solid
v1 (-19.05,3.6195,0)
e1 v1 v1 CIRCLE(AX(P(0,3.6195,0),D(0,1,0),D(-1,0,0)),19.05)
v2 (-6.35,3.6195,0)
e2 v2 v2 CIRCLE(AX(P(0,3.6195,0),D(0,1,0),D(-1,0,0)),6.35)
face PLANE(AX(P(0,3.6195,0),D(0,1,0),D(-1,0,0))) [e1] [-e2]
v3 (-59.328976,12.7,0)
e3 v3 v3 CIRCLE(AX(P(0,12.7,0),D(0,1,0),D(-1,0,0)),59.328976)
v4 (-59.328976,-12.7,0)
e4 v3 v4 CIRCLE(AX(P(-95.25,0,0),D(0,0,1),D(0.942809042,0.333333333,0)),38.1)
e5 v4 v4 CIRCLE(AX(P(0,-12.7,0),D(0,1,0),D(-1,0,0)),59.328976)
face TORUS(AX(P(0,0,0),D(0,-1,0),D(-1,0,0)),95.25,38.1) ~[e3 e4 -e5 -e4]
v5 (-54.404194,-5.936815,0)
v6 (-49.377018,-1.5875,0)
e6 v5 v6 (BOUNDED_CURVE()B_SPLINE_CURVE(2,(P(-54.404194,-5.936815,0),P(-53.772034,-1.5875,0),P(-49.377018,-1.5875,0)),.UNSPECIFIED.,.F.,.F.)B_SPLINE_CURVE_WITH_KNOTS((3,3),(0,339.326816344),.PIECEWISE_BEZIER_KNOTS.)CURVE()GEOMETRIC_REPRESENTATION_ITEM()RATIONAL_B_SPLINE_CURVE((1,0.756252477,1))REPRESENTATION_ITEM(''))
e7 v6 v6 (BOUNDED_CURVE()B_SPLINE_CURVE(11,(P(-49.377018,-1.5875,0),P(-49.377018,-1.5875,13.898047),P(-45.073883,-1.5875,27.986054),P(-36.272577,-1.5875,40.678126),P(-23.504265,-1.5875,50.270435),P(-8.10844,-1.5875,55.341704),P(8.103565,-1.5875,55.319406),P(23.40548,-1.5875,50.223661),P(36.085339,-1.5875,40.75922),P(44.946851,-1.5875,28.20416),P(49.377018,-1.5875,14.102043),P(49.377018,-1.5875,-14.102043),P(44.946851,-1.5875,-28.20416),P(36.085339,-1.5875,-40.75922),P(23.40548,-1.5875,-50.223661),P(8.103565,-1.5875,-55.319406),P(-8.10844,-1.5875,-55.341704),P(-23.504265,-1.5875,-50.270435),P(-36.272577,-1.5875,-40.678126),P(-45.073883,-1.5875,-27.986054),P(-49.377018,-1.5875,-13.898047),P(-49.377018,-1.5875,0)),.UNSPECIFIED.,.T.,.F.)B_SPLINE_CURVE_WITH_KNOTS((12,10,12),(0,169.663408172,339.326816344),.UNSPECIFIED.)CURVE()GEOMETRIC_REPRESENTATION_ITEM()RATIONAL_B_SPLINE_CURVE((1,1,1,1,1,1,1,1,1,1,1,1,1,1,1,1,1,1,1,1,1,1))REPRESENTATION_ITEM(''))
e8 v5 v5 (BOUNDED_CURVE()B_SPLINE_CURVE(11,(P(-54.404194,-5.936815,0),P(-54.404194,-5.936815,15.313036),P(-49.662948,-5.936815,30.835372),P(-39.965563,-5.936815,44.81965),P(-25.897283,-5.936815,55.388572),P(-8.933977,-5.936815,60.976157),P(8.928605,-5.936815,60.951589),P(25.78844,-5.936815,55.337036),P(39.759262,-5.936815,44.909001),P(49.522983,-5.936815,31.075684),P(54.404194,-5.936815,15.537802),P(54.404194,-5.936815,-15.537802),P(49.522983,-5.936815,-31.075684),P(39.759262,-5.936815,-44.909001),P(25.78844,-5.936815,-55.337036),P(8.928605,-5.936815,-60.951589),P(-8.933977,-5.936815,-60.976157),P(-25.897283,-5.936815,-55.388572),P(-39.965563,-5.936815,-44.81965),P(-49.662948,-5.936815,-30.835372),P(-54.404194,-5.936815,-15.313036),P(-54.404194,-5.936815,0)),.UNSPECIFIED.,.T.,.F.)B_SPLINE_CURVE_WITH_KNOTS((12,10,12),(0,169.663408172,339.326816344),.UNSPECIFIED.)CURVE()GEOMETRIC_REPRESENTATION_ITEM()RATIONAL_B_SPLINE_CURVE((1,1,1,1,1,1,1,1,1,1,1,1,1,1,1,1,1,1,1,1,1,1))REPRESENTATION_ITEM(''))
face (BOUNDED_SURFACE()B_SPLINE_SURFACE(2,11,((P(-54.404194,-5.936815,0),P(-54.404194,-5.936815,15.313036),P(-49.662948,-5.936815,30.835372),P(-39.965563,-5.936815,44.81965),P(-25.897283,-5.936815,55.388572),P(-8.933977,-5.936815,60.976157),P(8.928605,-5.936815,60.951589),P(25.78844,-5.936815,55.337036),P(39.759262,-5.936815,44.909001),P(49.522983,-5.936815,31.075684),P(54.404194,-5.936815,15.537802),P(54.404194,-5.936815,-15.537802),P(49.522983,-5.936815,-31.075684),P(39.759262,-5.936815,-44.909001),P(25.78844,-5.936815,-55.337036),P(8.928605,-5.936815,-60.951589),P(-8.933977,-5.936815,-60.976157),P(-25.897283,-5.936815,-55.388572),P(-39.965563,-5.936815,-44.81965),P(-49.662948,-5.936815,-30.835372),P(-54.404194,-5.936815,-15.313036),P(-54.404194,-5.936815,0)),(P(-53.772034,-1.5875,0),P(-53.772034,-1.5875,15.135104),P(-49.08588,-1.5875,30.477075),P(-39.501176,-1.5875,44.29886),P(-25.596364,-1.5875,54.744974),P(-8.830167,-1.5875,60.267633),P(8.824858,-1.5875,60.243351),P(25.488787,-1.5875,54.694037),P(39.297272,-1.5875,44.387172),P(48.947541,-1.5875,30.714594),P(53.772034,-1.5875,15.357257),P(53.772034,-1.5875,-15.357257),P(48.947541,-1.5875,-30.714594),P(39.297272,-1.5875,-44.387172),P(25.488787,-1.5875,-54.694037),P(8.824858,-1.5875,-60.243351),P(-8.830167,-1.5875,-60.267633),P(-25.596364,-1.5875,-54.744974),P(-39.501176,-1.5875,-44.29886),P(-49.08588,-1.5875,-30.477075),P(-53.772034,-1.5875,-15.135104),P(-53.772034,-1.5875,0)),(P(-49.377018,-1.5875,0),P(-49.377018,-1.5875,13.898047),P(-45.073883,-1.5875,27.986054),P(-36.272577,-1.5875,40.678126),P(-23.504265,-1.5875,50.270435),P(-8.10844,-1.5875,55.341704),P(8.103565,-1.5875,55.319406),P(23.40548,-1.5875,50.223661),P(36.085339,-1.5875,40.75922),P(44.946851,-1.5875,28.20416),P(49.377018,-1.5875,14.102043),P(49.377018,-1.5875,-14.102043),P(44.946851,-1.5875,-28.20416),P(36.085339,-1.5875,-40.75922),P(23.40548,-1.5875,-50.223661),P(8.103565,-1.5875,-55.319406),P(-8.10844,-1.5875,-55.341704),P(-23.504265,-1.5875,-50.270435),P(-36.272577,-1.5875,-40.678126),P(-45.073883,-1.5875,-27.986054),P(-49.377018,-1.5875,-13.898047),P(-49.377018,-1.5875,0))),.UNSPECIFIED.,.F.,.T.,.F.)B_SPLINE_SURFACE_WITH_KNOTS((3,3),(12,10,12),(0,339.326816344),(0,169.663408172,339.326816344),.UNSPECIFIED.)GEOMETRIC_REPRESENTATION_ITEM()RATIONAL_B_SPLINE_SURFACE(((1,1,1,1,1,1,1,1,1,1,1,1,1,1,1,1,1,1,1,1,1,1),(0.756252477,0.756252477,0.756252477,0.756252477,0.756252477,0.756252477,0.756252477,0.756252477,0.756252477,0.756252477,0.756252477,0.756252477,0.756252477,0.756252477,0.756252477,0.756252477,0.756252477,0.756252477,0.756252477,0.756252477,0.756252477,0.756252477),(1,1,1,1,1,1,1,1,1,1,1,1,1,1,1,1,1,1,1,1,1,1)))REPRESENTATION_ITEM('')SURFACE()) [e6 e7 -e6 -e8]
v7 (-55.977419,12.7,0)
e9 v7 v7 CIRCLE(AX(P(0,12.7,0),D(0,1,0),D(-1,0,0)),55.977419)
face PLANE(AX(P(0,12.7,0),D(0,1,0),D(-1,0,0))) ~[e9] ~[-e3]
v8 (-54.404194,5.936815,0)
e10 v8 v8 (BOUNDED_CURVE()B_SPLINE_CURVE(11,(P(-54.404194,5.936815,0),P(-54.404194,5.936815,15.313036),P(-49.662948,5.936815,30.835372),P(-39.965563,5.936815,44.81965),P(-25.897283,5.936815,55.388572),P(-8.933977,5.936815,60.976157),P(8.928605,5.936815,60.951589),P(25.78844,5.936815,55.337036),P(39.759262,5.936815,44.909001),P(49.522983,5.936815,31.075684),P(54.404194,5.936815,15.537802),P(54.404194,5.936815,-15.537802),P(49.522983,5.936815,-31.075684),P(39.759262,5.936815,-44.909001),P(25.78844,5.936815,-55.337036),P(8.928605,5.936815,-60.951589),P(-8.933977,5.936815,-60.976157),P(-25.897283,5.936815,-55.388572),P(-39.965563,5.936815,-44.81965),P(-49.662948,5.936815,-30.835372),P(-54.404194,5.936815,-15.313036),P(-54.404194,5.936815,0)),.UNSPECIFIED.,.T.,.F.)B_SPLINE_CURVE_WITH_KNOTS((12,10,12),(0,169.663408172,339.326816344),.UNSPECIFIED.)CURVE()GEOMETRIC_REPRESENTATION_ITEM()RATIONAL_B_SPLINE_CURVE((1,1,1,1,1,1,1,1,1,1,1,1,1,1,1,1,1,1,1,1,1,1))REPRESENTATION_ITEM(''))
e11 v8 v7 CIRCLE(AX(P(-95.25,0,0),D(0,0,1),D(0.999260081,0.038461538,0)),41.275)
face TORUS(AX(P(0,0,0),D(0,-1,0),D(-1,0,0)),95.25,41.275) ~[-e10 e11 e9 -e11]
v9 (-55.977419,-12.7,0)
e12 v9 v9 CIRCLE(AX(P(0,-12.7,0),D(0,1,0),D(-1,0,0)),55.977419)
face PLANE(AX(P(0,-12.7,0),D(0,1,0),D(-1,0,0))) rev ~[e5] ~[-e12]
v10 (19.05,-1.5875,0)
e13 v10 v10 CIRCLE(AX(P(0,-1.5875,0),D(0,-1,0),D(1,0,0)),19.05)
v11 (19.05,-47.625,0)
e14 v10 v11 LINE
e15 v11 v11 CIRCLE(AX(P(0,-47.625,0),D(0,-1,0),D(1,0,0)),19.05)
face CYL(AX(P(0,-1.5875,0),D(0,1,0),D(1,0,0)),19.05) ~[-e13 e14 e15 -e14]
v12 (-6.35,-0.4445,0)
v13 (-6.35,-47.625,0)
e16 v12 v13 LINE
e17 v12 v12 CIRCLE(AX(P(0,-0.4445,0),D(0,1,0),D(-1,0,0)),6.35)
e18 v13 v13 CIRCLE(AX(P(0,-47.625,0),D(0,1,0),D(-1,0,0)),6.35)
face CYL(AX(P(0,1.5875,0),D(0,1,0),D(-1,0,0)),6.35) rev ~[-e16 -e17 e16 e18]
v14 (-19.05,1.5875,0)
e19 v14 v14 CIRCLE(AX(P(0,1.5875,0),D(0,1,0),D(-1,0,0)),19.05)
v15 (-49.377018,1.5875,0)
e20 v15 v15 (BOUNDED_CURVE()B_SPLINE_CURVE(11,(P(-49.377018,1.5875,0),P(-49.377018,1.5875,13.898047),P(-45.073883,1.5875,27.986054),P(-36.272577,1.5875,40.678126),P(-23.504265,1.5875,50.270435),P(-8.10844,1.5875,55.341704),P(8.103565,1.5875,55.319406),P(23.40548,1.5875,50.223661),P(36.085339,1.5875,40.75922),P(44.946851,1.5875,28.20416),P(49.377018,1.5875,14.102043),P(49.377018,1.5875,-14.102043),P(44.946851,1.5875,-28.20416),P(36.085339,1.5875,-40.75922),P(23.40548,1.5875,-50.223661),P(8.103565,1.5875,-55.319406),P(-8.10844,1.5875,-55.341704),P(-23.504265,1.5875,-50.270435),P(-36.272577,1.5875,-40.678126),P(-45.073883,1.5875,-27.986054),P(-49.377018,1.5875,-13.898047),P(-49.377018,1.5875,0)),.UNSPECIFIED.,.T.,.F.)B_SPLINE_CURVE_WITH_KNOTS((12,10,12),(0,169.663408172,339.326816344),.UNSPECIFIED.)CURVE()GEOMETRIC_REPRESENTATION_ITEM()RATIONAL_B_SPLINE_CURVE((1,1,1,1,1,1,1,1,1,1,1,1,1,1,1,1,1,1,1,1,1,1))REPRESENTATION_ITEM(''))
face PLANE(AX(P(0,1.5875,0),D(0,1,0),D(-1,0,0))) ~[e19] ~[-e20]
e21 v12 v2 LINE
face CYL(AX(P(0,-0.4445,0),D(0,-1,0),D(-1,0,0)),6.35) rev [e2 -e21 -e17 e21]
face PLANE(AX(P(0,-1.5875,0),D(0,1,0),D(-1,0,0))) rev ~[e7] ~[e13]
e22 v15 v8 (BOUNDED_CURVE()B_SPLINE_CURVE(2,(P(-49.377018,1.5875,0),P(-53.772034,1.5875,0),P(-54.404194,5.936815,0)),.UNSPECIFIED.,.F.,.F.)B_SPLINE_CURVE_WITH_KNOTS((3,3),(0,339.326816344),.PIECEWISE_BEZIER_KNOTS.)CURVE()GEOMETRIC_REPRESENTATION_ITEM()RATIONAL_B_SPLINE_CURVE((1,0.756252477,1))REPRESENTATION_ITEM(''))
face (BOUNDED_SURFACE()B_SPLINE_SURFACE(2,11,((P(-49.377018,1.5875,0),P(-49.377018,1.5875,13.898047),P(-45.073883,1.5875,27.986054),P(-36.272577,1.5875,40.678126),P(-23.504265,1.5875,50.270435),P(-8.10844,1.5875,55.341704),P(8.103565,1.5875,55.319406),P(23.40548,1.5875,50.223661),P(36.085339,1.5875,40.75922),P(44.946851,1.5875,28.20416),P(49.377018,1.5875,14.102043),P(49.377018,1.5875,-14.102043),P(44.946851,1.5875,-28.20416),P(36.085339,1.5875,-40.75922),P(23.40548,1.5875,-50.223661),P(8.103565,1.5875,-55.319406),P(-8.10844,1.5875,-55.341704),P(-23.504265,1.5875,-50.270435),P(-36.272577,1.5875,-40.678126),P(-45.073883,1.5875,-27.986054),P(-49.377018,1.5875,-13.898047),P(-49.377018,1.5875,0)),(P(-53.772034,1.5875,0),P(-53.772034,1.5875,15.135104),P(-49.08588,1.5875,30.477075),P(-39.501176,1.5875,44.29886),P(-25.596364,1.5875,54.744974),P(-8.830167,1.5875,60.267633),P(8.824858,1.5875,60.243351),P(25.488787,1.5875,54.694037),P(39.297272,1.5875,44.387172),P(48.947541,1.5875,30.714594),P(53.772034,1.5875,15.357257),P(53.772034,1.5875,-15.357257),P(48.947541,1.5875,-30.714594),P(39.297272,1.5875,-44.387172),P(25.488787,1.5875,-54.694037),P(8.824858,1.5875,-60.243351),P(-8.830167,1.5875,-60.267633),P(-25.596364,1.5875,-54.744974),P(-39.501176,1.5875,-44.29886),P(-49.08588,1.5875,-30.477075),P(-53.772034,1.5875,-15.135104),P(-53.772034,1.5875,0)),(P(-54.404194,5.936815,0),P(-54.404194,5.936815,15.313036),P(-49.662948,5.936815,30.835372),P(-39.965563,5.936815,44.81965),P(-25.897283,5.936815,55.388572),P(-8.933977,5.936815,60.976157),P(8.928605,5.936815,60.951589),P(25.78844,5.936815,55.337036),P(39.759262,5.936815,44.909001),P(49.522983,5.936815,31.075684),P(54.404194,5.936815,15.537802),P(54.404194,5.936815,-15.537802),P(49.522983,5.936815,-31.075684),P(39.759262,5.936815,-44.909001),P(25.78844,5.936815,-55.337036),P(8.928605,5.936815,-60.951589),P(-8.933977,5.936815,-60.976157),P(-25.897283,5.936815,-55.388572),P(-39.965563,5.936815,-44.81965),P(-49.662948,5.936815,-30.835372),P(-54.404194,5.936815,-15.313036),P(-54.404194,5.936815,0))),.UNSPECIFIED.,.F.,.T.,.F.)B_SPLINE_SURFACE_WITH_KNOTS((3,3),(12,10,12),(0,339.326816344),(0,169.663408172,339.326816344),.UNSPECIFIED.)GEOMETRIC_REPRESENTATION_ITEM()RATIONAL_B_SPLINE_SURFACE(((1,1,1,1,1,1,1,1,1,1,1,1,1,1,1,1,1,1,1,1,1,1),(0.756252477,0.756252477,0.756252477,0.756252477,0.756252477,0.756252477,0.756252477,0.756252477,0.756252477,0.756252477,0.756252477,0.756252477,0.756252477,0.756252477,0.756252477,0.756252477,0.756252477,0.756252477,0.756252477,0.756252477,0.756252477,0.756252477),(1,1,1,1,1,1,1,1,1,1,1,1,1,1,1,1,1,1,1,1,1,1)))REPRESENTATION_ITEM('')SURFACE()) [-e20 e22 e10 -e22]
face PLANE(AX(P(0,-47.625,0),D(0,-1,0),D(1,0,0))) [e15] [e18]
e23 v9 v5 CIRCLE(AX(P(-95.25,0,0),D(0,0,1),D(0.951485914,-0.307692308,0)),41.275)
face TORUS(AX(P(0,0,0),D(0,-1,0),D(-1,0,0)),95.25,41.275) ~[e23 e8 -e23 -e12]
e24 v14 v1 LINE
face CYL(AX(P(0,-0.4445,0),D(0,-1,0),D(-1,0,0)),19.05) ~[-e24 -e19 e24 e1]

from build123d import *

# Parameters (mm, degrees)
F2_R     = 5.08
F3_R     = 19.05
F4_DEPTH = 46.0375
F5_R     = 19.05
F5_R_2   = 6.35
F6_DEPTH = 2.032
F7_DEPTH = 50.8
F8_DEPTH = 4.064


with BuildPart() as f1:
    # F0 (on Top) → F1 (revolve)
    with BuildSketch(Plane.XY):
        with BuildLine():
            Line((-55.977418916, 12.7), (-59.3289755157, 12.7))
            ThreePointArc((-59.3289755157, 12.7), (-57.8411023036, 7.2238752162), (-57.1830872837, 1.5875))
            Line((-57.1830872837, 1.5875), (-54.0055401448, 1.5875))
            ThreePointArc((-54.0055401448, 1.5875), (-54.6098673173, 7.2114659075), (-55.977418916, 12.7))
        make_face()
        with BuildLine():
            ThreePointArc((-57.1830872837, -1.5875), (-57.8411023036, -7.2238752162), (-59.3289755157, -12.7))
            Line((-59.3289755157, -12.7), (-55.977418916, -12.7))
            ThreePointArc((-55.977418916, -12.7), (-54.6098673173, -7.2114659075), (-54.0055401448, -1.5875))
            Line((-54.0055401448, -1.5875), (-57.1830872837, -1.5875))
        make_face()
        with BuildLine():
            Line((0, 1.5875), (-54.0055401448, 1.5875))
            ThreePointArc((-54.0055401448, 1.5875), (-53.9826357425, 0.7938968684), (-53.975, 0))
            Line((-53.975, 0), (0, 0))
            Line((0, 0), (0, 1.5875))
        make_face()
        with BuildLine():
            ThreePointArc((-57.15, 0), (-57.1582727191, 0.7939223857), (-57.1830872837, 1.5875))
            Line((-57.1830872837, 1.5875), (-63.1518885493, 1.5875))
            Line((-63.1518885493, 1.5875), (-63.1518885493, 0))
            Line((-63.1518885493, 0), (-57.15, 0))
        make_face()
        with BuildLine():
            Line((-54.0055401448, 1.5875), (-57.1830872837, 1.5875))
            ThreePointArc((-57.1830872837, 1.5875), (-57.1582727191, 0.7939223857), (-57.15, 0))
            Line((-57.15, 0), (-53.975, 0))
            ThreePointArc((-53.975, 0), (-53.9826357425, 0.7938968684), (-54.0055401448, 1.5875))
        make_face()
        with BuildLine():
            ThreePointArc((-57.1830872837, 1.5875), (-57.8411023036, 7.2238752162), (-59.3289755157, 12.7))
            ThreePointArc((-59.3289755157, 12.7), (-133.35, 0), (-59.3289755157, -12.7))
            ThreePointArc((-59.3289755157, -12.7), (-57.8411023036, -7.2238752162), (-57.1830872837, -1.5875))
            Line((-57.1830872837, -1.5875), (-63.1518885493, -1.5875))
            Line((-63.1518885493, -1.5875), (-63.1518885493, 0))
            Line((-63.1518885493, 0), (-63.1518885493, 1.5875))
            Line((-63.1518885493, 1.5875), (-57.1830872837, 1.5875))
        make_face()
        with BuildLine():
            Line((-63.1518885493, -1.5875), (-57.1830872837, -1.5875))
            ThreePointArc((-57.1830872837, -1.5875), (-57.1582727191, -0.7939223857), (-57.15, 0))
            Line((-57.15, 0), (-63.1518885493, 0))
            Line((-63.1518885493, 0), (-63.1518885493, -1.5875))
        make_face()
        with BuildLine():
            ThreePointArc((-53.975, 0), (-53.9826357425, -0.7938968684), (-54.0055401448, -1.5875))
            Line((-54.0055401448, -1.5875), (0, -1.5875))
            Line((0, -1.5875), (0, 0))
            Line((0, 0), (-53.975, 0))
        make_face()
        with BuildLine():
            ThreePointArc((-57.15, 0), (-57.1582727191, -0.7939223857), (-57.1830872837, -1.5875))
            Line((-57.1830872837, -1.5875), (-54.0055401448, -1.5875))
            ThreePointArc((-54.0055401448, -1.5875), (-53.9826357425, -0.7938968684), (-53.975, 0))
            Line((-53.975, 0), (-57.15, 0))
        make_face()
    revolve(axis=Axis((0, 0.79375, 0), (0, 1, 0)))

    # F2
    f2_edges = [f1.edges().sort_by_distance(p)[0] for p in [
        (54.00554, -1.5875, 0),
        (54.00554, 1.5875, 0),
    ]]
    fillet(f2_edges, radius=F2_R)

    # F3 (on face) → F4 (join)
    with BuildSketch(Plane.XZ.offset(1.5875)):
        Circle(F3_R)
    extrude(amount=F4_DEPTH)

    # F5 (on face) → F6 (cut)
    with BuildSketch(Plane(origin=(0, 1.5875, 0), x_dir=(-1, 0, 0), z_dir=(0, 1, 0))):
        Circle(F5_R)
        Circle(F5_R_2, mode=Mode.SUBTRACT)
    extrude(amount=-F6_DEPTH, mode=Mode.SUBTRACT)

    # F7 (cut): a face of the model
    f7_faces = [f1.faces().sort_by_distance(p)[0] for p in [
        (0, 1.5875, 0),
    ]]
    extrude(f7_faces, amount=-F7_DEPTH, mode=Mode.SUBTRACT)

    # F8 (add): a face of the model
    f8_faces = [f1.faces().sort_by_distance(p)[0] for p in [
        (18.5111846327, -0.4445, 0),
    ]]
    extrude(f8_faces, amount=F8_DEPTH)


solid = f1.part
